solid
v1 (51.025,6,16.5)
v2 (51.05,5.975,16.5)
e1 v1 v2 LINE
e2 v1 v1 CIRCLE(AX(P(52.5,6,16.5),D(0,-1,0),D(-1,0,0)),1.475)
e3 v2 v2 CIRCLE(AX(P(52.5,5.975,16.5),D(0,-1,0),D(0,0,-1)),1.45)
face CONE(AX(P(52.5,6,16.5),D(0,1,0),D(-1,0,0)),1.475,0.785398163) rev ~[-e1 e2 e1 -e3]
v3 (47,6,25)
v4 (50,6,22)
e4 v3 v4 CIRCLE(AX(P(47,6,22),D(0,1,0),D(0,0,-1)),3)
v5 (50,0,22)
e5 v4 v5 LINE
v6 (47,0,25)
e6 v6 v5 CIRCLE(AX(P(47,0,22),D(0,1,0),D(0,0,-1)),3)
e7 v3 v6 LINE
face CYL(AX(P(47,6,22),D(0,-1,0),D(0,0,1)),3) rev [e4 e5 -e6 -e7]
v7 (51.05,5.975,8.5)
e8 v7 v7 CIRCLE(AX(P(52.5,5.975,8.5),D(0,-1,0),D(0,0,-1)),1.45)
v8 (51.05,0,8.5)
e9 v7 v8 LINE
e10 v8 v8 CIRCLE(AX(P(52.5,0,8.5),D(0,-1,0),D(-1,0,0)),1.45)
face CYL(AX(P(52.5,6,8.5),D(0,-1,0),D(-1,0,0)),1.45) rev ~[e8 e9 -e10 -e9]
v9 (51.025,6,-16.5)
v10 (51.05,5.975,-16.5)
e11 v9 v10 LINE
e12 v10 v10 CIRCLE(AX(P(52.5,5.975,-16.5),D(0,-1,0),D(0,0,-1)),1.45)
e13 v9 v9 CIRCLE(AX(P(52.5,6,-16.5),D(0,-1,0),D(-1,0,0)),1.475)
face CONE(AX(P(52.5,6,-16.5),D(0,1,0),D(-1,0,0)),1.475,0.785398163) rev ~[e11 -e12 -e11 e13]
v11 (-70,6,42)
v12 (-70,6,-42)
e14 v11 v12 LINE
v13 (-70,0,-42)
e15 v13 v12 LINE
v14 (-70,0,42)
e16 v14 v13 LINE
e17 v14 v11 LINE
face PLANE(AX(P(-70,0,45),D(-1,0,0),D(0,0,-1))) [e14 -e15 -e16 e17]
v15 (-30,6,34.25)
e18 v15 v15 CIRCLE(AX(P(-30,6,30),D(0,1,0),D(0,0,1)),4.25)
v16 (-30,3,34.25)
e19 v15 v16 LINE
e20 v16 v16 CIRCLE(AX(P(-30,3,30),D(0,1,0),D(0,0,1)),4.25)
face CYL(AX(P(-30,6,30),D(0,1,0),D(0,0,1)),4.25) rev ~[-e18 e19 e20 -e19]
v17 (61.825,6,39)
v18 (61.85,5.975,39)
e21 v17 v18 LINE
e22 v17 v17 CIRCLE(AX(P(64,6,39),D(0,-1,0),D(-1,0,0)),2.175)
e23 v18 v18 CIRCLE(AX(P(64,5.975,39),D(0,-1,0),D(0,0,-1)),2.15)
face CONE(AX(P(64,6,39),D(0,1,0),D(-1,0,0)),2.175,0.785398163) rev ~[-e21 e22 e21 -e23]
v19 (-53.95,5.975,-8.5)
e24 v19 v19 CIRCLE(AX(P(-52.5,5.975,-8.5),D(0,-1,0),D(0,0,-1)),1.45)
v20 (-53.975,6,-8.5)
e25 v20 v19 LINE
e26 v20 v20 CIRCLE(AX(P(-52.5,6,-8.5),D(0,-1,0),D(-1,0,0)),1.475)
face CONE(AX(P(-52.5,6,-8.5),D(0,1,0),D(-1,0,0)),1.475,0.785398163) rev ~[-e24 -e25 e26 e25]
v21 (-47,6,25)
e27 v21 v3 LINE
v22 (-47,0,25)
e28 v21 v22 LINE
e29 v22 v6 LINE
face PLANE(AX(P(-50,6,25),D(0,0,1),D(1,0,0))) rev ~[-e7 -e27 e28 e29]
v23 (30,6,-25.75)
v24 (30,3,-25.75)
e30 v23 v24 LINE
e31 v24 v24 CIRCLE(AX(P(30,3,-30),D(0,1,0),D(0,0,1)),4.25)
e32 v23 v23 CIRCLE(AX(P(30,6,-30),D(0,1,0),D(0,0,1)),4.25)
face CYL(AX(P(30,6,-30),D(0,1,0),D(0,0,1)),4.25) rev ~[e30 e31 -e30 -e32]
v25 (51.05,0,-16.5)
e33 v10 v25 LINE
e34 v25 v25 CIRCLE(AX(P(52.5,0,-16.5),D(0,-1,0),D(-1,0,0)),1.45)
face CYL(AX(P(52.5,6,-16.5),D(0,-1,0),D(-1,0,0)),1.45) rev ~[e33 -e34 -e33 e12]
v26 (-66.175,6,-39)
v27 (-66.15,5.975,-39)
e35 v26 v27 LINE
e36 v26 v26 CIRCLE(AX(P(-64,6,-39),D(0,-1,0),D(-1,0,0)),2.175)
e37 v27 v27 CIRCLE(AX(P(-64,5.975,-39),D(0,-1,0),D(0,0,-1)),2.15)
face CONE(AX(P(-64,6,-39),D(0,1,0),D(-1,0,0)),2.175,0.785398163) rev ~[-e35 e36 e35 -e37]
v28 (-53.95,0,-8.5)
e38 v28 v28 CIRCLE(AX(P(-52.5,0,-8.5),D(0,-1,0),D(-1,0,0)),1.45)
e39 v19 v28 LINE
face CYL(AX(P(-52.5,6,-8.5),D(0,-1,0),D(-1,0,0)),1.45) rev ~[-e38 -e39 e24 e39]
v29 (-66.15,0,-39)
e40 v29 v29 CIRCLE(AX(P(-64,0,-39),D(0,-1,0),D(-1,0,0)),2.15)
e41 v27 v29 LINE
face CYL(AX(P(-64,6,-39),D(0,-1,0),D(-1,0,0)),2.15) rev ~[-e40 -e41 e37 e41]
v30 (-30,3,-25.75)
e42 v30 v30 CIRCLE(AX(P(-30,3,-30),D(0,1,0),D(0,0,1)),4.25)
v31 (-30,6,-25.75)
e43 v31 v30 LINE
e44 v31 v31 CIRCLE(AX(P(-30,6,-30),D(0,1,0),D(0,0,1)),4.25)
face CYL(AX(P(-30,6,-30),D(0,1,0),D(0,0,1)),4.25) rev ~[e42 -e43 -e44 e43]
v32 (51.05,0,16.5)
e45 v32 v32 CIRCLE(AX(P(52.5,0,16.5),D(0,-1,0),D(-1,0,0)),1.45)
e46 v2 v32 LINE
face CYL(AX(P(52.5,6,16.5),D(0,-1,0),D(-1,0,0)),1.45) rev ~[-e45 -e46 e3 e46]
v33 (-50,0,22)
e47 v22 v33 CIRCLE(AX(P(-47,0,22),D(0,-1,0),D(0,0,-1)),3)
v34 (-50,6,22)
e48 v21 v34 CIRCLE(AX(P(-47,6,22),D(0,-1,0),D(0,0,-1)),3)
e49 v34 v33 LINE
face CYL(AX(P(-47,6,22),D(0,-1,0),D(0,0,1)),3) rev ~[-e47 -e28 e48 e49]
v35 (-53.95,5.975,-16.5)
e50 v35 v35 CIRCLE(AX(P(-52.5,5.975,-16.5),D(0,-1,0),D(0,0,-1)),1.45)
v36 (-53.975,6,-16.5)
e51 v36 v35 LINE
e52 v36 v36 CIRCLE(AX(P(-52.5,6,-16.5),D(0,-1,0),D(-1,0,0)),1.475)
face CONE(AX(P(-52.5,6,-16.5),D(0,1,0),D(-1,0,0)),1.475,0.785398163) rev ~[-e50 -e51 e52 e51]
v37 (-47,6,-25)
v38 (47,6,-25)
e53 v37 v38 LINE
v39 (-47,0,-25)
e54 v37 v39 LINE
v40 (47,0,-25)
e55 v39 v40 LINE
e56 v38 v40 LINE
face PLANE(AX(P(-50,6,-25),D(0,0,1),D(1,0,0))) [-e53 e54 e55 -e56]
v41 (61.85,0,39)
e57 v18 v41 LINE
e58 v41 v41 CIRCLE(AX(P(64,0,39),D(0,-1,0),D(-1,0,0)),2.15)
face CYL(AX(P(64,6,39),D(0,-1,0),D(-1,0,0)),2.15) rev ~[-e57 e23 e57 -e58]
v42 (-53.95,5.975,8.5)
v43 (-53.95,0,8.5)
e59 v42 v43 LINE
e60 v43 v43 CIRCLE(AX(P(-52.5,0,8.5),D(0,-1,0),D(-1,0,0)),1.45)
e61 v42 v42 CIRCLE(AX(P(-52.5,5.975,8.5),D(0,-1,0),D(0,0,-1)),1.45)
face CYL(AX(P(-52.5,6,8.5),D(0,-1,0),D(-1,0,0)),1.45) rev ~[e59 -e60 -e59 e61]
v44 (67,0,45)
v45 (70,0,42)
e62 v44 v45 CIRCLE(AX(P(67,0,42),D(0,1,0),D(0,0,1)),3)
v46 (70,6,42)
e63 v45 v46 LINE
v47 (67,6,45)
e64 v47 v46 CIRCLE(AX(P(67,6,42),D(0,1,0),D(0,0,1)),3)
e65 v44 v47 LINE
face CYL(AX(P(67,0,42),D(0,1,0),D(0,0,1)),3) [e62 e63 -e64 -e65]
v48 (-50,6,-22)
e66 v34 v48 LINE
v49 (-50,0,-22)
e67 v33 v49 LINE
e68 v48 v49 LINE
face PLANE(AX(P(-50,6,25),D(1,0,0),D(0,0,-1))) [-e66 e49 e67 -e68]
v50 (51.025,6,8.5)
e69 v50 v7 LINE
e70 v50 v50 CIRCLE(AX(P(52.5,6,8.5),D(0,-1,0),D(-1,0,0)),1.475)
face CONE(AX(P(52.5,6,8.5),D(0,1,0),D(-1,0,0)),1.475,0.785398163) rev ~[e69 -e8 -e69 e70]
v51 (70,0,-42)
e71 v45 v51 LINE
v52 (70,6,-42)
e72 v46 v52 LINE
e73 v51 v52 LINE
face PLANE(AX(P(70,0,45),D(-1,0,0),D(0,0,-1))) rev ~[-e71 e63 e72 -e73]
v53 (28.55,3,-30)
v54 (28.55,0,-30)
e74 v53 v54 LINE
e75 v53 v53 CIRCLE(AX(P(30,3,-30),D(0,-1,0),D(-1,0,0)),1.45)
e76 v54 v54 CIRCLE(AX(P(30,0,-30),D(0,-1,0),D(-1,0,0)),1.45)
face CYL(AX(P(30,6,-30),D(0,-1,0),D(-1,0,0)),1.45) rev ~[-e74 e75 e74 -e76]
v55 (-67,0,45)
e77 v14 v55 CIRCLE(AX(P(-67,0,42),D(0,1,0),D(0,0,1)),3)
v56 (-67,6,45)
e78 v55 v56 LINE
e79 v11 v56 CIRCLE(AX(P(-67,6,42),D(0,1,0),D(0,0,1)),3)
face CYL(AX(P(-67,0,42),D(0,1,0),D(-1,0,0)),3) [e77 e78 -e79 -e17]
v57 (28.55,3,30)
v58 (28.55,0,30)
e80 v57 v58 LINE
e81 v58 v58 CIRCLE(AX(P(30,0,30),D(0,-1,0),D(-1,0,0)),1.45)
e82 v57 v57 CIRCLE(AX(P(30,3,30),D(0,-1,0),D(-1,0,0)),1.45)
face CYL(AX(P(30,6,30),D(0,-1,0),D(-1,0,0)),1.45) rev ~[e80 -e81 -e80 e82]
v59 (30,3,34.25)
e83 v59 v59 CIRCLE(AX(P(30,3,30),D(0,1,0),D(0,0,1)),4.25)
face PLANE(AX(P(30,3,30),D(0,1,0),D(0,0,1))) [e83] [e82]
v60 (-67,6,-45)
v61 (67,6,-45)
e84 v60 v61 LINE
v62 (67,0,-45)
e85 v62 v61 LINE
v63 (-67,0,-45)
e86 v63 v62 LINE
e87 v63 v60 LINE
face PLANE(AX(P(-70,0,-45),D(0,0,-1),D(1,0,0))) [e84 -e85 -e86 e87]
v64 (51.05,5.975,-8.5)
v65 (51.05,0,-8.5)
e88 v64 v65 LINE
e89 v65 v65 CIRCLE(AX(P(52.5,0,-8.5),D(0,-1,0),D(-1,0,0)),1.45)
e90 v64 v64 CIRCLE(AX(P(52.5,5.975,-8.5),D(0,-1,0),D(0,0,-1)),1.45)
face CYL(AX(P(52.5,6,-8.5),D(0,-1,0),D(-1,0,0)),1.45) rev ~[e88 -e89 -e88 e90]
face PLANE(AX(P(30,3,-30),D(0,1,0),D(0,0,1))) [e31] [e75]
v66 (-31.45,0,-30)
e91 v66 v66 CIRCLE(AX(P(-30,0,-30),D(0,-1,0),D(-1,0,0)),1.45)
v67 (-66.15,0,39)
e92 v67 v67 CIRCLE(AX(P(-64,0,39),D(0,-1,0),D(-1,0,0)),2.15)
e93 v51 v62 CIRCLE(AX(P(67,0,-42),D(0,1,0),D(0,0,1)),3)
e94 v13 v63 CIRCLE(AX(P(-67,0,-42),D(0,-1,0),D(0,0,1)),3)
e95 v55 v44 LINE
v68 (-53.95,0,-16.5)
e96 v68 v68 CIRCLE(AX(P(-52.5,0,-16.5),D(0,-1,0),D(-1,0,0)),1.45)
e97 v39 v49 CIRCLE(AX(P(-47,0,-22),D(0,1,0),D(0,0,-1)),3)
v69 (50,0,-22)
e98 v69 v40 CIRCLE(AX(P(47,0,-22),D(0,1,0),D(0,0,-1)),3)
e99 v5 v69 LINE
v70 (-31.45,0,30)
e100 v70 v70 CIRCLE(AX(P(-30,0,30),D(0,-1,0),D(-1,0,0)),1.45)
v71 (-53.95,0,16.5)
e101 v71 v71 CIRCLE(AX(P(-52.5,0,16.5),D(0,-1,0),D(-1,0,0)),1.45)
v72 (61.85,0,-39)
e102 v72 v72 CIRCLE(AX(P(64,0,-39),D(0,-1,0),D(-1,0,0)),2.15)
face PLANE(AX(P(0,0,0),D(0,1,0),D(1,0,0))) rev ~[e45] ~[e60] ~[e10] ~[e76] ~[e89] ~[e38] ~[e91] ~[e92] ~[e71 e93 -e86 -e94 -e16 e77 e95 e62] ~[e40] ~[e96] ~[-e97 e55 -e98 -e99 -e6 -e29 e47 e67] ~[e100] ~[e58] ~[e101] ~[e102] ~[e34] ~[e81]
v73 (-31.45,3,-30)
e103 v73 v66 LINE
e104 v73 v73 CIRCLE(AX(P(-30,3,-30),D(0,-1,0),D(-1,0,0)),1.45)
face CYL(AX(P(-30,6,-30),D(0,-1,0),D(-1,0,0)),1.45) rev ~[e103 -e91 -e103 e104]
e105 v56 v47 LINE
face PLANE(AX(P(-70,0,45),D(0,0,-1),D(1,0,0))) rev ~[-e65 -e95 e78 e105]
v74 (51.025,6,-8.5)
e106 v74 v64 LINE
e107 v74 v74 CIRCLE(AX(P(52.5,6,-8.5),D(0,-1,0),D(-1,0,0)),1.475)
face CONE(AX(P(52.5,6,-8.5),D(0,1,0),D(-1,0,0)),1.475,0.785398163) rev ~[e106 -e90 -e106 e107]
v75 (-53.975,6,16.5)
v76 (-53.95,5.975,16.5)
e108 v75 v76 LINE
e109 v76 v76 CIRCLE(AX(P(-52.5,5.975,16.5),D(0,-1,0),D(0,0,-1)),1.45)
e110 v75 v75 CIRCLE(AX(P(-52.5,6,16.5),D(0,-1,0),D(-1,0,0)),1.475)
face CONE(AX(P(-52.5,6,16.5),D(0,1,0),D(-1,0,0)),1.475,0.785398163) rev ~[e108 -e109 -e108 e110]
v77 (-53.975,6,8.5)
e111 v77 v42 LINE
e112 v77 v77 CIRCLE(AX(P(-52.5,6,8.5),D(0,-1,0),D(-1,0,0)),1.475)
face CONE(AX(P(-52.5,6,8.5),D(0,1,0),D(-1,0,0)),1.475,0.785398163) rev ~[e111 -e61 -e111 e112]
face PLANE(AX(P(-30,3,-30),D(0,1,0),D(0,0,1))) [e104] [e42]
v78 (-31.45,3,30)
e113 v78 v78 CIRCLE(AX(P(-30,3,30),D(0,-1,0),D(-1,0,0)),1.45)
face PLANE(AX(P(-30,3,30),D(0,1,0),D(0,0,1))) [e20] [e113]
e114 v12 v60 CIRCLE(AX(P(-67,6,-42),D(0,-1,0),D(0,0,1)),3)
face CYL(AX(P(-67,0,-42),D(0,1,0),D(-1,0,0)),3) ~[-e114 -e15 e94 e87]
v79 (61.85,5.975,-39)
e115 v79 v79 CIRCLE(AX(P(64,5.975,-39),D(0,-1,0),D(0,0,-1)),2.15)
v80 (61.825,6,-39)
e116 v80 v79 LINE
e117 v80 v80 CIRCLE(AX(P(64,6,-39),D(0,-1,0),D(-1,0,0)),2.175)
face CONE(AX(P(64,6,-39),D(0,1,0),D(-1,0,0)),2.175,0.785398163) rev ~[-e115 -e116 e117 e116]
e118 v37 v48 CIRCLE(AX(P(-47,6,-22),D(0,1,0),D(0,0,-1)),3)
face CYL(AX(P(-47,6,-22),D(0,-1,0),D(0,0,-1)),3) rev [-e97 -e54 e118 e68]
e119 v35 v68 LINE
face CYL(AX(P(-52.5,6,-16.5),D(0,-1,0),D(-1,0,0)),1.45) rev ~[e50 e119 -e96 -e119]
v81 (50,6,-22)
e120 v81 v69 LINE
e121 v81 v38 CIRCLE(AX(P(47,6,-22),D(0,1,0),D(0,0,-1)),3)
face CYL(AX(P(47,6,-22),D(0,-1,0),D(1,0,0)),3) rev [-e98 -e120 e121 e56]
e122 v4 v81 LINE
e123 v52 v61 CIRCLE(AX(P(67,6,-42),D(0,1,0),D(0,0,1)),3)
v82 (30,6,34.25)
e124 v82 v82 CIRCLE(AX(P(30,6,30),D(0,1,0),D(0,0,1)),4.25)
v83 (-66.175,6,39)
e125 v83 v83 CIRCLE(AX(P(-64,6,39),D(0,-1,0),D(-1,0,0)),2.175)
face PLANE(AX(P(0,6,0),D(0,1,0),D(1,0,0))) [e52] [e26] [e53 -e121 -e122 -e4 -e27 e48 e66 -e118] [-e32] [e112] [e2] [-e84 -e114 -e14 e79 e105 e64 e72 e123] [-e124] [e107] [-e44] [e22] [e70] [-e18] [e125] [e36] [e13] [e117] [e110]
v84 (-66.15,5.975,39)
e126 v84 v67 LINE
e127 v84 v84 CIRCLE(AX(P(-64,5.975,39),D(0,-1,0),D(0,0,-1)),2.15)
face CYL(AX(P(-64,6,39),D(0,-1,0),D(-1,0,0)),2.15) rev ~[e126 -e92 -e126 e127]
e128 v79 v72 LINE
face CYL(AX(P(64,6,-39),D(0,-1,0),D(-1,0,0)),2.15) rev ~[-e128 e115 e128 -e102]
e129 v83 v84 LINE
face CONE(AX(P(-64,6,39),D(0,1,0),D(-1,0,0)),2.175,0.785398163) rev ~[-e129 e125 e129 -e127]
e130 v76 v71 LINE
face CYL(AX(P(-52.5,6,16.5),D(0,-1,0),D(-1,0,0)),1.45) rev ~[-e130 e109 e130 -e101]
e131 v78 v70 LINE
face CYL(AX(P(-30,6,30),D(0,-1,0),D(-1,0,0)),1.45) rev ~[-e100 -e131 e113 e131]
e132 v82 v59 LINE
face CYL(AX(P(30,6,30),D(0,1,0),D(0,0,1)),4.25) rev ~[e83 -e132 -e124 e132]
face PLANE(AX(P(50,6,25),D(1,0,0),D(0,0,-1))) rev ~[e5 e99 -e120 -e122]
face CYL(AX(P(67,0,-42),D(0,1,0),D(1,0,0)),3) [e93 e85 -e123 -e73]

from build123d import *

# Parameters (mm, degrees)
SKETCH1_W                            = 140
SKETCH1_H                            = 90
BOSS_EXTRUDE1_DEPTH                  = 6
FILLET1_R                            = 3
SKETCH2_W                            = 100
SKETCH2_H                            = 50
CUT_EXTRUDE1_DEPTH                   = 10
FILLET2_R                            = 3
F_2_9_2_9_DIAMETER_HOLE1_D           = 2.9
F_2_9_2_9_DIAMETER_HOLE1_DEPTH       = 15
F_2_9_2_9_DIAMETER_HOLE1_CSINK_D     = 2.95
F_2_9_2_9_DIAMETER_HOLE1_CSINK_ANGLE = 90
F_2_9_2_9_DIAMETER_HOLE1_TIP         = 0.871247898
F_2_9_2_9_DIAMETER_HOLE2_D           = 2.9
F_2_9_2_9_DIAMETER_HOLE2_DEPTH       = 15
F_2_9_2_9_DIAMETER_HOLE2_CSINK_D     = 2.95
F_2_9_2_9_DIAMETER_HOLE2_CSINK_ANGLE = 90
F_2_9_2_9_DIAMETER_HOLE2_TIP         = 0.871247898
SKETCH7_R                            = 4.25
CUT_EXTRUDE2_DEPTH                   = 3
F_4_3_4_3_DIAMETER_HOLE1_D           = 4.3
F_4_3_4_3_DIAMETER_HOLE1_DEPTH       = 15
F_4_3_4_3_DIAMETER_HOLE1_CSINK_D     = 4.35
F_4_3_4_3_DIAMETER_HOLE1_CSINK_ANGLE = 90
F_4_3_4_3_DIAMETER_HOLE1_TIP         = 1.291850331


with BuildPart() as part:
    # Sketch1 → Boss-Extrude1 (new body)
    with BuildSketch(Plane(origin=(0, 0, 0), x_dir=(1, 0, 0), z_dir=(0, 1, 0))):
        Rectangle(SKETCH1_W, SKETCH1_H)
    extrude(amount=BOSS_EXTRUDE1_DEPTH)

    # Fillet1
    fillet1_edges = [part.edges().sort_by_distance(p)[0] for p in [
        (70, 3, 45),
        (-70, 3, 45),
        (-70, 3, -45),
        (70, 3, -45),
    ]]
    fillet(fillet1_edges, radius=FILLET1_R)

    # Sketch2 → Cut-Extrude1 (cut)
    with BuildSketch(Plane(origin=(0, 6, 0), x_dir=(1, 0, 0), z_dir=(0, 1, 0))):
        Rectangle(SKETCH2_W, SKETCH2_H)
    extrude(amount=-CUT_EXTRUDE1_DEPTH, mode=Mode.SUBTRACT)

    # Fillet2
    fillet2_edges = [part.edges().sort_by_distance(p)[0] for p in [
        (50, 3, -25),
        (50, 3, 25),
        (-50, 3, 25),
        (-50, 3, -25),
    ]]
    fillet(fillet2_edges, radius=FILLET2_R)

    # Ø2.9 (2.9) Diameter Hole1
    with Locations(Plane(origin=(0, 6, 0), x_dir=(1, 0, 0), z_dir=(0, 1, 0))):
        with Locations((0, 0), (-52.5, 16.5), (-52.5, 8.5), (-52.5, -8.5), (-52.5, -16.5), (52.5, 16.5), (52.5, 8.5), (52.5, -8.5), (52.5, -16.5)):
            CounterSinkHole(F_2_9_2_9_DIAMETER_HOLE1_D / 2, F_2_9_2_9_DIAMETER_HOLE1_CSINK_D / 2, depth=F_2_9_2_9_DIAMETER_HOLE1_DEPTH, counter_sink_angle=F_2_9_2_9_DIAMETER_HOLE1_CSINK_ANGLE)
            with Locations((0, 0, -(F_2_9_2_9_DIAMETER_HOLE1_DEPTH + F_2_9_2_9_DIAMETER_HOLE1_TIP / 2))):  # 118° drill point
                Cone(0, F_2_9_2_9_DIAMETER_HOLE1_D / 2, F_2_9_2_9_DIAMETER_HOLE1_TIP, mode=Mode.SUBTRACT)

    # Ø2.9 (2.9) Diameter Hole2
    with Locations(Plane(origin=(0, 6, 0), x_dir=(1, 0, 0), z_dir=(0, 1, 0))):
        with Locations((0, 0), (30, -30), (-30, 30), (-30, -30), (30, 30)):
            CounterSinkHole(F_2_9_2_9_DIAMETER_HOLE2_D / 2, F_2_9_2_9_DIAMETER_HOLE2_CSINK_D / 2, depth=F_2_9_2_9_DIAMETER_HOLE2_DEPTH, counter_sink_angle=F_2_9_2_9_DIAMETER_HOLE2_CSINK_ANGLE)
            with Locations((0, 0, -(F_2_9_2_9_DIAMETER_HOLE2_DEPTH + F_2_9_2_9_DIAMETER_HOLE2_TIP / 2))):  # 118° drill point
                Cone(0, F_2_9_2_9_DIAMETER_HOLE2_D / 2, F_2_9_2_9_DIAMETER_HOLE2_TIP, mode=Mode.SUBTRACT)

    # Sketch7 → Cut-Extrude2 (cut)
    with BuildSketch(Plane(origin=(0, 6, 0), x_dir=(1, 0, 0), z_dir=(0, 1, 0))):
        with Locations(Location((-30, 30, 0), (0, 0, 270))):
            Circle(SKETCH7_R)
        with Locations(Location((30, 30, 0), (0, 0, 270))):
            Circle(SKETCH7_R)
        with Locations(Location((30, -30, 0), (0, 0, 270))):
            Circle(SKETCH7_R)
        with Locations(Location((-30, -30, 0), (0, 0, 270))):
            Circle(SKETCH7_R)
    extrude(amount=-CUT_EXTRUDE2_DEPTH, mode=Mode.SUBTRACT)

    # Ø4.3 (4.3) Diameter Hole1
    with Locations(Plane(origin=(0, 6, 0), x_dir=(1, 0, 0), z_dir=(0, 1, 0))):
        with Locations((0, 0), (64, -39), (-64, 39), (-64, -39), (64, 39)):
            CounterSinkHole(F_4_3_4_3_DIAMETER_HOLE1_D / 2, F_4_3_4_3_DIAMETER_HOLE1_CSINK_D / 2, depth=F_4_3_4_3_DIAMETER_HOLE1_DEPTH, counter_sink_angle=F_4_3_4_3_DIAMETER_HOLE1_CSINK_ANGLE)
            with Locations((0, 0, -(F_4_3_4_3_DIAMETER_HOLE1_DEPTH + F_4_3_4_3_DIAMETER_HOLE1_TIP / 2))):  # 118° drill point
                Cone(0, F_4_3_4_3_DIAMETER_HOLE1_D / 2, F_4_3_4_3_DIAMETER_HOLE1_TIP, mode=Mode.SUBTRACT)


solid = part.part
